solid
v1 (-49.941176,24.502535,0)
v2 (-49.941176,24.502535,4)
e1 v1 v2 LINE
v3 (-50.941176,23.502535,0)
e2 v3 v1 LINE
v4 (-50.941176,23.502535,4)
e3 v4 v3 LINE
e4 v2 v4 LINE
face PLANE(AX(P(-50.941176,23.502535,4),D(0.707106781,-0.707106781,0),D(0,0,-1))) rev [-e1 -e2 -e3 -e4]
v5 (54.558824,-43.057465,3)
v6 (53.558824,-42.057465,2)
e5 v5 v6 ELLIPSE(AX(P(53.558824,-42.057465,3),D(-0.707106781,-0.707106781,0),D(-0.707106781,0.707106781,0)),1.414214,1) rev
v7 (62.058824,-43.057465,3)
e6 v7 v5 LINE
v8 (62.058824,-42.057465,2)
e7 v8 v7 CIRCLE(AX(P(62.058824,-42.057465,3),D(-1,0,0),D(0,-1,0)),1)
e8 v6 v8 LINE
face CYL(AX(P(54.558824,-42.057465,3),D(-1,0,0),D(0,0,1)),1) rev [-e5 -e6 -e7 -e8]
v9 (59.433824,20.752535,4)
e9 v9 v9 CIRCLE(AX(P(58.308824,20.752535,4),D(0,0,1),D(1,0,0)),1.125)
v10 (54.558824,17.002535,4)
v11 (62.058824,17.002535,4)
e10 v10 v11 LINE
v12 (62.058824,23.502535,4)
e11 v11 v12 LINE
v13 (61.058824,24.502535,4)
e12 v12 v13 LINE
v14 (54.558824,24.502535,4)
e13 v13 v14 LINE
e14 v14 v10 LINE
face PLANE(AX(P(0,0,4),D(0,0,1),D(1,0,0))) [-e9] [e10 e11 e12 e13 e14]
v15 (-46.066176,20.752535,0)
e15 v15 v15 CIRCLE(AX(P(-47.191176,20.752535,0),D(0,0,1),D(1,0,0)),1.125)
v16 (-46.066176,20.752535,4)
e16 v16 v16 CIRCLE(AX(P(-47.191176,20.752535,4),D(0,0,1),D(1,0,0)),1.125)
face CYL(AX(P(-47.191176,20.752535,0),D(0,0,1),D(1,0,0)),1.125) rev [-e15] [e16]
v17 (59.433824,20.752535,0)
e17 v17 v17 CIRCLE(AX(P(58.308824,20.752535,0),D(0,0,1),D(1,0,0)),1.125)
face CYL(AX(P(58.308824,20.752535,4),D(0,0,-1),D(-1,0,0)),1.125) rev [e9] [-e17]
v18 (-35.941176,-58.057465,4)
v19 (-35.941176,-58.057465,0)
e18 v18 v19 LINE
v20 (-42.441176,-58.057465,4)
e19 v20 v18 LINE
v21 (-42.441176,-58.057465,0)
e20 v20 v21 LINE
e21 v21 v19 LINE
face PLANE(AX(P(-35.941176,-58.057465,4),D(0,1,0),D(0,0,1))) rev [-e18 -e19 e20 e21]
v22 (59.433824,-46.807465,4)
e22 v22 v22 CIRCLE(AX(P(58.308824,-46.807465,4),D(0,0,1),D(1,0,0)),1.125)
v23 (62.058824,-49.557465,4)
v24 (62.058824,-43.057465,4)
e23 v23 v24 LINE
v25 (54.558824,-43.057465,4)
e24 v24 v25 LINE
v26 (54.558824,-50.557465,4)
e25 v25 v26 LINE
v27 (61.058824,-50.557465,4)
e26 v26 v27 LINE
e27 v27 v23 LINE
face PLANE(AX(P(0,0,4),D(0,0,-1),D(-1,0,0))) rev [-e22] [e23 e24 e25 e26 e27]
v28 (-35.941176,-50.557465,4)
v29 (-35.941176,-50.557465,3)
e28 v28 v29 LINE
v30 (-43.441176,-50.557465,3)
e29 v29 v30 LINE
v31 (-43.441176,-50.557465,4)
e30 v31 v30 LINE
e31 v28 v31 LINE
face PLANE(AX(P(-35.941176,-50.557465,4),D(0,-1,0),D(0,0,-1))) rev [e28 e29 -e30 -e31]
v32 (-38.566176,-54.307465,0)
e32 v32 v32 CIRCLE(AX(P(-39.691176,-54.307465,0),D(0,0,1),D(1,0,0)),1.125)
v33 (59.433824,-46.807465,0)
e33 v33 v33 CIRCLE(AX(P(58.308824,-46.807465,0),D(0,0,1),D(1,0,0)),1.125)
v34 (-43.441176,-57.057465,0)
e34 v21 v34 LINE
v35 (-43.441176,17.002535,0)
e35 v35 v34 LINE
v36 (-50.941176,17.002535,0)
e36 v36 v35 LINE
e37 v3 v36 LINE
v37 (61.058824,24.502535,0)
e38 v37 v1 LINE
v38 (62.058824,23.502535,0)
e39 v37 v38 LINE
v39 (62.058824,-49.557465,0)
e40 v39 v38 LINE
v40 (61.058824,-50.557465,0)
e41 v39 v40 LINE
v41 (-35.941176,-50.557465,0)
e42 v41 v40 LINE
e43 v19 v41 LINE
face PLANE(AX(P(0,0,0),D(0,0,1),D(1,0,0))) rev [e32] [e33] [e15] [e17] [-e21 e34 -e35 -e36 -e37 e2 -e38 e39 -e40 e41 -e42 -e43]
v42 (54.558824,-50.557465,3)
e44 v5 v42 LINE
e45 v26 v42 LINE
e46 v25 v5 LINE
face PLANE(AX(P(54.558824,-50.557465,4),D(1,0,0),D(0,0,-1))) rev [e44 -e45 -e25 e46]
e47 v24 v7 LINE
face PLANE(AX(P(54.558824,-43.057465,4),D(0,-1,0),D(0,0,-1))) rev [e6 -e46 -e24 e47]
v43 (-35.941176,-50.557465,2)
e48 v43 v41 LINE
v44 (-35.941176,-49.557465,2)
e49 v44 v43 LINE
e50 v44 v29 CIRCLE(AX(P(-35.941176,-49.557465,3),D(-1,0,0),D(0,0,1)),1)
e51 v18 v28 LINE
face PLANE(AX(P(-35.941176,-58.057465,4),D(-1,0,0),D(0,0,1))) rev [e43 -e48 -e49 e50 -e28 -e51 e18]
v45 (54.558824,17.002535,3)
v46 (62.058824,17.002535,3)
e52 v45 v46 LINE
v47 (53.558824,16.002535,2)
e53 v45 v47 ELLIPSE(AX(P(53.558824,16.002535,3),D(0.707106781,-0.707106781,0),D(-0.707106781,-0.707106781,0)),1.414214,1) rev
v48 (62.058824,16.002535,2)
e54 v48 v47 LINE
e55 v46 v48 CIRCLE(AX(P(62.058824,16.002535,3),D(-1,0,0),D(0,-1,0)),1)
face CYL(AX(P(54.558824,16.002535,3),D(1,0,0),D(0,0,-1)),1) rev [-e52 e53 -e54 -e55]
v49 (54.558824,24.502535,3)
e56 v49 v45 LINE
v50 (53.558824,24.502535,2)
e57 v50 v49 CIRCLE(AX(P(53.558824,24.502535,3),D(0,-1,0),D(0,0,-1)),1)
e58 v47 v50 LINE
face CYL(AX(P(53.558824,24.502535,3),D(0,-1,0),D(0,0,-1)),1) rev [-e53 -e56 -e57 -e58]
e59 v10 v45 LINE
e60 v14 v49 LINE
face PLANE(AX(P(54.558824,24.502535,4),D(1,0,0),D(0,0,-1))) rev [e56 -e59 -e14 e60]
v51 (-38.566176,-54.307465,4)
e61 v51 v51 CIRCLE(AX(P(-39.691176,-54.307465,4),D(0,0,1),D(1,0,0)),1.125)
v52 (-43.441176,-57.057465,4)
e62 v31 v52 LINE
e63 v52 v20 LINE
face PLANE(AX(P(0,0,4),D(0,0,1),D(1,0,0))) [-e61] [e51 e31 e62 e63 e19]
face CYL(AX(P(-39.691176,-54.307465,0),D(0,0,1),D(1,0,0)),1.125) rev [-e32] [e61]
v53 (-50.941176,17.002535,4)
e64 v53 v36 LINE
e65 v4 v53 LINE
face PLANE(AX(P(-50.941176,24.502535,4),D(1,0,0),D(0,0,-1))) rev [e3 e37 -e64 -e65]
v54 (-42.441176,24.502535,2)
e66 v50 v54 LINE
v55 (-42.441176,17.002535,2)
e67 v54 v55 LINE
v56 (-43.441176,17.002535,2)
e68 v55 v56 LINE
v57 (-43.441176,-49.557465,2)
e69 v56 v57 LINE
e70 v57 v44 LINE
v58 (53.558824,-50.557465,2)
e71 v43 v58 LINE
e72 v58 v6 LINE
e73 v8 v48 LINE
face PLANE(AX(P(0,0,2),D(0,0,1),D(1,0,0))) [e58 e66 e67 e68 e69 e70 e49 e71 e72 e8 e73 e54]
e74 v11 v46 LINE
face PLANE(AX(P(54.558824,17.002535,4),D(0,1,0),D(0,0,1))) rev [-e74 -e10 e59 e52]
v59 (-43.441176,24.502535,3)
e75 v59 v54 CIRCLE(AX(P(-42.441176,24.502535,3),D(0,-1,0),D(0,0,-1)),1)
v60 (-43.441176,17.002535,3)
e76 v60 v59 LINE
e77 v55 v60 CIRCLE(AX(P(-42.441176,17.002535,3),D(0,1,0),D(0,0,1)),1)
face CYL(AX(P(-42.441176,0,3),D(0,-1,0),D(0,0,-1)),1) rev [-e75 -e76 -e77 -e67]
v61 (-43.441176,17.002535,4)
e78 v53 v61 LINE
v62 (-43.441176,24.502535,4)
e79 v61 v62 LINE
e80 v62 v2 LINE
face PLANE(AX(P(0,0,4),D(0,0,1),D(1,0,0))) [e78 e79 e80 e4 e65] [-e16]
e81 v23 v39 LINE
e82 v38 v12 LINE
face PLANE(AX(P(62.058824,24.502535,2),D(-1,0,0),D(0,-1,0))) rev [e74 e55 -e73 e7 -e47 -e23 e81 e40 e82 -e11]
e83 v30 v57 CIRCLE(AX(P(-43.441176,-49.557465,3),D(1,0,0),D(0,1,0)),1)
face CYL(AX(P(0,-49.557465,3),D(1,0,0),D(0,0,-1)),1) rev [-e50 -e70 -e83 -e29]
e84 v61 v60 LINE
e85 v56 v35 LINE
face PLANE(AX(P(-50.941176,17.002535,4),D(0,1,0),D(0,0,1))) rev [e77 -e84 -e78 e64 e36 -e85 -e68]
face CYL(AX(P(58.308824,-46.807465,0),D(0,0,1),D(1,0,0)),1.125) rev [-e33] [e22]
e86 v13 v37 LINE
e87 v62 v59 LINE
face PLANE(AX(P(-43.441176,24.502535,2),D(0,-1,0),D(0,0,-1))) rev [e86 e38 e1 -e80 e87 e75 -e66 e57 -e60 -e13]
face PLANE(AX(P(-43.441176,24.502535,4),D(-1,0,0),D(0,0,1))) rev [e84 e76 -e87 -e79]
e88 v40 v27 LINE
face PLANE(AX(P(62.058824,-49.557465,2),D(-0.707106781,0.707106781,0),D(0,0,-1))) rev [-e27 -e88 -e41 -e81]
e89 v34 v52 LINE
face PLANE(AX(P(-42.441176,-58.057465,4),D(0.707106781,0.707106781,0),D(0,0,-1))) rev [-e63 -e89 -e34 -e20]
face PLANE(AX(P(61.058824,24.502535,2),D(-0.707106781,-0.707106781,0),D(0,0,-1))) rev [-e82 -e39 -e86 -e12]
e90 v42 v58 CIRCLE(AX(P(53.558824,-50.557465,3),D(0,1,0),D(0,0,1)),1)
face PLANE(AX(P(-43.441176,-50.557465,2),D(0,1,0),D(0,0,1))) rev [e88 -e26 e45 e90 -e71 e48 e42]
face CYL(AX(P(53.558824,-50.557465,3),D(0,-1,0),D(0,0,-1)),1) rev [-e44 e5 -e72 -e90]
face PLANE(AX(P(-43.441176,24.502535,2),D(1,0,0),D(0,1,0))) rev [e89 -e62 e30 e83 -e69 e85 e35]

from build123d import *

# Parameters (mm, degrees)
SKETCH1_W           = 105.5
SKETCH1_H           = 75.06
BOSS_EXTRUDE1_DEPTH = 2
SKETCH2_W           = 7.5
SKETCH2_H           = 7.5
SKETCH2_R           = 1.125
BOSS_EXTRUDE2_DEPTH = 2
CUT_EXTRUDE1_START  = -4
SKETCH3_R           = 1.125
CUT_EXTRUDE1_DEPTH  = 4
SKETCH4_R           = 1.125
CUT_EXTRUDE2_DEPTH  = 4
SKETCH5_W           = 7.5
SKETCH5_H           = 7.5
BOSS_EXTRUDE3_DEPTH = 2
SKETCH6_R           = 1.125
CUT_EXTRUDE3_DEPTH  = 4
SKETCH7_W           = 7.5
SKETCH7_H           = 7.5
BOSS_EXTRUDE4_DEPTH = 2
SKETCH8_R           = 1.125
CUT_EXTRUDE4_DEPTH  = 4
FILLET2_R           = 1
FILLET3_R           = 1
CHAMFER1_SIZE       = 1


with BuildPart() as part:
    # Sketch1 → Boss-Extrude1 (new body)
    with BuildSketch(Plane.XY):
        with Locations((9.308823529, -13.027464503)):
            Rectangle(SKETCH1_W, SKETCH1_H)
    extrude(amount=BOSS_EXTRUDE1_DEPTH)

    # Sketch2 → Boss-Extrude2 (add)
    # profile 1 of 2: a face of its own
    with BuildSketch(Plane.XY.offset(2)):
        with Locations((58.308823529, -46.807464503)):
            Rectangle(SKETCH2_W, SKETCH2_H)
    # profile 2 of 2: a face of its own
    with BuildSketch(Plane.XY.offset(2)):
        with Locations((58.308823529, 20.752535497)):
            Rectangle(SKETCH2_W, SKETCH2_H)
        with Locations((58.308823529, 20.752535497)):
            Circle(SKETCH2_R, mode=Mode.SUBTRACT)
    extrude(amount=BOSS_EXTRUDE2_DEPTH)

    # Sketch3 → Cut-Extrude1 (cut)
    with BuildSketch(Plane.XY.offset(2).offset(CUT_EXTRUDE1_START)):
        with Locations((58.308823529, 20.752535497)):
            Circle(SKETCH3_R)
    extrude(amount=CUT_EXTRUDE1_DEPTH, mode=Mode.SUBTRACT)

    # Sketch4 → Cut-Extrude2 (cut)
    with BuildSketch(Plane.XY.offset(4)):
        with Locations((58.308823529, -46.807464503)):
            Circle(SKETCH4_R)
    extrude(amount=-CUT_EXTRUDE2_DEPTH, mode=Mode.SUBTRACT)

    # Sketch5 → Boss-Extrude3 (add, symmetric)
    with BuildSketch(Plane.XY.offset(2)):
        with Locations((-47.191176471, 20.752535497)):
            Rectangle(SKETCH5_W, SKETCH5_H)
    extrude(amount=BOSS_EXTRUDE3_DEPTH, both=True)

    # Sketch6 → Cut-Extrude3 (cut)
    with BuildSketch(Plane.XY.offset(4)):
        with Locations((-47.191176471, 20.752535497)):
            Circle(SKETCH6_R)
    extrude(amount=-CUT_EXTRUDE3_DEPTH, mode=Mode.SUBTRACT)

    # Sketch7 → Boss-Extrude4 (add, symmetric)
    with BuildSketch(Plane.XY.offset(2)):
        with Locations((-39.691176471, -54.307464503)):
            Rectangle(SKETCH7_W, SKETCH7_H)
    extrude(amount=BOSS_EXTRUDE4_DEPTH, both=True)

    # Sketch8 → Cut-Extrude4 (cut)
    with BuildSketch(Plane.XY.offset(4)):
        with Locations((-39.691176471, -54.307464503)):
            Circle(SKETCH8_R)
    extrude(amount=-CUT_EXTRUDE4_DEPTH, mode=Mode.SUBTRACT)

    # Fillet2
    fillet2_edges = [part.edges().sort_by_distance(p)[0] for p in [
        (-39.691176471, -50.557464503, 2),
        (-43.441176471, 20.752535497, 2),
    ]]
    fillet(fillet2_edges, radius=FILLET2_R)

    # Fillet3
    fillet3_edges = [part.edges().sort_by_distance(p)[0] for p in [
        (54.558823529, 20.752535497, 2),
        (58.308823529, 17.002535497, 2),
        (54.558823529, -46.807464503, 2),
        (58.308823529, -43.057464503, 2),
    ]]
    fillet(fillet3_edges, radius=FILLET3_R)

    # Chamfer1
    chamfer1_edges = [part.edges().sort_by_distance(p)[0] for p in [
        (-50.941176471, 24.502535497, 2),
        (-43.441176471, -58.057464503, 2),
        (62.058823529, 24.502535497, 2),
        (62.058823529, -50.557464503, 2),
    ]]
    chamfer(chamfer1_edges, length=CHAMFER1_SIZE)


solid = part.part
